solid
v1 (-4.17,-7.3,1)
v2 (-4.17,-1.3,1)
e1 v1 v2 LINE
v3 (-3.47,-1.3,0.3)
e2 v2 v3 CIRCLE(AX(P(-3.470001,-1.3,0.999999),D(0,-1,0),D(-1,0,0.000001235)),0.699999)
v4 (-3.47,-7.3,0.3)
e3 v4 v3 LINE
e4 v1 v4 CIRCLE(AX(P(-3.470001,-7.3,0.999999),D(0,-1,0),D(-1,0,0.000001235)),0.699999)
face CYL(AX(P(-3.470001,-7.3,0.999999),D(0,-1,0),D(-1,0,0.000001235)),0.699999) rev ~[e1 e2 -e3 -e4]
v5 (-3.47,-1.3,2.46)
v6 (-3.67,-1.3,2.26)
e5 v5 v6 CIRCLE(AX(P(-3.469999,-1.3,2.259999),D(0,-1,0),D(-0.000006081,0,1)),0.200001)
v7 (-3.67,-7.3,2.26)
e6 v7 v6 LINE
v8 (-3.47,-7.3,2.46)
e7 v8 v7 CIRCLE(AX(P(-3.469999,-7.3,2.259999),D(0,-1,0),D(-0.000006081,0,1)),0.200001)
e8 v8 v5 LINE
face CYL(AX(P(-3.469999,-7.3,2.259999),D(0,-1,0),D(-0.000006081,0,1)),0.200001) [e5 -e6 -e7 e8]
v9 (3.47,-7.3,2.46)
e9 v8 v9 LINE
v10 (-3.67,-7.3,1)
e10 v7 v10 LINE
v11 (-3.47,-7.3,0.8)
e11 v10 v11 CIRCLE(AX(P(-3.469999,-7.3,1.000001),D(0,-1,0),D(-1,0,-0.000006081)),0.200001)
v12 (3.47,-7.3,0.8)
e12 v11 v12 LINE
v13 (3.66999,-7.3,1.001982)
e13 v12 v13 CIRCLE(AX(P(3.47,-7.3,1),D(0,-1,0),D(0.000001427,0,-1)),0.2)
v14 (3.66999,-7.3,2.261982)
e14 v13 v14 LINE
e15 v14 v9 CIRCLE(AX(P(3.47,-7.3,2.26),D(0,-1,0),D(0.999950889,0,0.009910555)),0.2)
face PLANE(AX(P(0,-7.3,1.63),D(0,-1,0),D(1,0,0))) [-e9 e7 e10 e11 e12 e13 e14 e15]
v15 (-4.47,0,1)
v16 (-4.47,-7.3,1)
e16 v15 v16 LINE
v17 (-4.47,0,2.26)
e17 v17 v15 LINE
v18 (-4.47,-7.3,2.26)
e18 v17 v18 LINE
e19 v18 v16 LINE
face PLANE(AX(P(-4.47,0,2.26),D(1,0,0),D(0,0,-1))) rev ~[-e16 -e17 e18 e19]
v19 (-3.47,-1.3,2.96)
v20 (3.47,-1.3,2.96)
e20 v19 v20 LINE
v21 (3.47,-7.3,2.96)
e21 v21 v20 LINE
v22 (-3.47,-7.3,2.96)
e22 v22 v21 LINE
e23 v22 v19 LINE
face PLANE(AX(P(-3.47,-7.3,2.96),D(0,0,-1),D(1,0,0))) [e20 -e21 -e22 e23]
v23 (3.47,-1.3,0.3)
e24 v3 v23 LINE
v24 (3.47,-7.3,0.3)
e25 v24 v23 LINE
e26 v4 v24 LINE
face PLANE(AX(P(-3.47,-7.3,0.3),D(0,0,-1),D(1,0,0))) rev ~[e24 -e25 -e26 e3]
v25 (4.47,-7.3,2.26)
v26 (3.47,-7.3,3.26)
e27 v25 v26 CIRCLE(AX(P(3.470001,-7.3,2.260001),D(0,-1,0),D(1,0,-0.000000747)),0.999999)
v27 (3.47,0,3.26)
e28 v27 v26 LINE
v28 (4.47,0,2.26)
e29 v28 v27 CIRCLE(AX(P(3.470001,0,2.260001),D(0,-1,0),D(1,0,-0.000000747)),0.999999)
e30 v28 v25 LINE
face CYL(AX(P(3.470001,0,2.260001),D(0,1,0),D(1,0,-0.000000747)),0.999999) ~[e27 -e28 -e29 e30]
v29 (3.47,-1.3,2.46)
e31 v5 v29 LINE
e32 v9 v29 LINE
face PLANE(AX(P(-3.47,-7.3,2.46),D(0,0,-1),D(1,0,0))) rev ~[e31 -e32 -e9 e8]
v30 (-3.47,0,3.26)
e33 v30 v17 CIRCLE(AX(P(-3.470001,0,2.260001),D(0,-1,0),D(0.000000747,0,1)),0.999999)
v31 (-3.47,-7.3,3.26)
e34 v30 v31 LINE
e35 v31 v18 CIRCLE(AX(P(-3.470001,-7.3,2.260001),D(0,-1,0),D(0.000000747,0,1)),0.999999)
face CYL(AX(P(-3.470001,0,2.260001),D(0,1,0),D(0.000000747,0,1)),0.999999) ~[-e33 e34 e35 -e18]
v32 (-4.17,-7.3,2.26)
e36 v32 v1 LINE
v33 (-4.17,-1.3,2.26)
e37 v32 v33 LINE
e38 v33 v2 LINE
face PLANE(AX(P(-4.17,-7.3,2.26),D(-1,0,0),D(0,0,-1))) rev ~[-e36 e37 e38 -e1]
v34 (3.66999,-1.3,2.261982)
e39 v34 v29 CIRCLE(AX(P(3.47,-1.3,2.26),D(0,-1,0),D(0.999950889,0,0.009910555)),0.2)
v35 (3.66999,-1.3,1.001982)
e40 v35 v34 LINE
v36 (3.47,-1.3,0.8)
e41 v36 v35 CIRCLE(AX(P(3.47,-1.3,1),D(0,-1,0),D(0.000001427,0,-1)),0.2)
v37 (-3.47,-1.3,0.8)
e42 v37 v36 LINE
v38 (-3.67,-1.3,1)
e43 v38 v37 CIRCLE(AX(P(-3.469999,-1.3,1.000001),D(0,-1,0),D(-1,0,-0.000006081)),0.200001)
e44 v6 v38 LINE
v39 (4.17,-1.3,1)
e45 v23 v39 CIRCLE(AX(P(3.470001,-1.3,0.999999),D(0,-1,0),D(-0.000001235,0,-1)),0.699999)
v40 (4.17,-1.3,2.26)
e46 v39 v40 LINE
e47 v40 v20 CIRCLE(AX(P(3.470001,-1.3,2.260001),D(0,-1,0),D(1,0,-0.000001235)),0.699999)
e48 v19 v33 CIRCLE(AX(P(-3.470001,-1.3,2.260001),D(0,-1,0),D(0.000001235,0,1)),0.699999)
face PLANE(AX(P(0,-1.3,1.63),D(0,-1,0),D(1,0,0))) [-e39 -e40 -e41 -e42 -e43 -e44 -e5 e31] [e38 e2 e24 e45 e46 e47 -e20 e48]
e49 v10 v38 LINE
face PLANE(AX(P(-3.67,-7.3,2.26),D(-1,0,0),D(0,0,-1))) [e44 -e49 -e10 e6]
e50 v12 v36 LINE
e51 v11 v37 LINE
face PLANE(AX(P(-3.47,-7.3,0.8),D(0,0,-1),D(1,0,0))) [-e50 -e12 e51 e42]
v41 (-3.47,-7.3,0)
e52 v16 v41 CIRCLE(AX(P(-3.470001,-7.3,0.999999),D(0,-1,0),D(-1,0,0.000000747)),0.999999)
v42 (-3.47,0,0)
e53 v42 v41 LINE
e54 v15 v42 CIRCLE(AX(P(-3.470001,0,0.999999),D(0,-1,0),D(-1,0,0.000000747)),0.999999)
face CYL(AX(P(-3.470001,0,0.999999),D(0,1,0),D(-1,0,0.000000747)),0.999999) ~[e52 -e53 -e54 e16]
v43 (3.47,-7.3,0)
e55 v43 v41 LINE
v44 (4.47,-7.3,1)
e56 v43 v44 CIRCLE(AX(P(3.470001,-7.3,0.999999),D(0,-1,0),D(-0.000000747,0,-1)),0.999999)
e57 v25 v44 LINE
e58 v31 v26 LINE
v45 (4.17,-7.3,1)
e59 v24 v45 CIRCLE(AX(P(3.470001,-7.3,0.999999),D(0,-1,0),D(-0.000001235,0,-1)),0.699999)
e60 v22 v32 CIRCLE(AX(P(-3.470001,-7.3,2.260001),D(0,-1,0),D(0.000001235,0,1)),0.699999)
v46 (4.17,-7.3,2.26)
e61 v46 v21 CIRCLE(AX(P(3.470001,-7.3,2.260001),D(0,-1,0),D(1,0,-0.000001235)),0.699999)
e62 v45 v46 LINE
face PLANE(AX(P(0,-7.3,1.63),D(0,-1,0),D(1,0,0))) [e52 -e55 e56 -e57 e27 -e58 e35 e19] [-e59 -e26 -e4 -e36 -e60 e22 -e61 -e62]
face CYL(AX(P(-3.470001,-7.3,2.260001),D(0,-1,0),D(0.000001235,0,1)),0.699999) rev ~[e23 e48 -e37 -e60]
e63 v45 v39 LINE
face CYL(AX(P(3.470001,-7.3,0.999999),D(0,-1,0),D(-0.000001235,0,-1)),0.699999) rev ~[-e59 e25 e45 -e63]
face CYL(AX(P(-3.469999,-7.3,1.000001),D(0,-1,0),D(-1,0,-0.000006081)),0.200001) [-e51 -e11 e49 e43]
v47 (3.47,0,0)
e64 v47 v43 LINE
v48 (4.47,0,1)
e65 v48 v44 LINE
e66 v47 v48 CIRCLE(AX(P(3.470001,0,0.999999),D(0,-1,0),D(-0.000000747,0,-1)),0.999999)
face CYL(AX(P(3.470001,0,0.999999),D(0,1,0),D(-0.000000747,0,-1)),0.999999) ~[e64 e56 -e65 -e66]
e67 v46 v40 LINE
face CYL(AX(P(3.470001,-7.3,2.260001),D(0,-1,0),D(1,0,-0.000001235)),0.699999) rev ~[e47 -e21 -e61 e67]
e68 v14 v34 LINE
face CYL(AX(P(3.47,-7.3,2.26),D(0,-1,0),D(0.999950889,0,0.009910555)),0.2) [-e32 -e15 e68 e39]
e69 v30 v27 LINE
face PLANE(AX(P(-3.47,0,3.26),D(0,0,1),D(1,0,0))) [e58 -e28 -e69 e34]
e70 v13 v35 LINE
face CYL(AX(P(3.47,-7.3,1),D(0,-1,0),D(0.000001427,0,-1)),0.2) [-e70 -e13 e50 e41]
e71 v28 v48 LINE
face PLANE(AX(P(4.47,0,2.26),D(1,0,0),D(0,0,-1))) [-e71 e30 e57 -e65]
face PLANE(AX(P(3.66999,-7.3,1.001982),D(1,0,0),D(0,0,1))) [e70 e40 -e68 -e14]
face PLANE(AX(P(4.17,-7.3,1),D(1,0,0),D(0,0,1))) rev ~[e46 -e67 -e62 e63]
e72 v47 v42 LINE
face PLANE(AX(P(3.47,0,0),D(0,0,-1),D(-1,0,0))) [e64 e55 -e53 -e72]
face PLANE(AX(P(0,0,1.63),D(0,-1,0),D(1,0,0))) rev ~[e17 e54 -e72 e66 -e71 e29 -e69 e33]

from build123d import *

# Parameters (mm, degrees)
PAD_DEPTH    = 7.3
POCKET_DEPTH = 6


with BuildPart() as part:
    # Sketch → Pad (new body)
    with BuildSketch(Plane.XZ):
        with BuildLine():
            ThreePointArc((-3.47, 3.26), (-4.177107, 2.967107), (-4.47, 2.26))
            Line((-4.47, 2.26), (-4.47, 1))
            ThreePointArc((-4.47, 1), (-4.177107, 0.292893), (-3.47, 0))
            Line((3.47, 0), (-3.47, 0))
            ThreePointArc((3.47, 0), (4.177107, 0.292893), (4.47, 1))
            Line((4.47, 2.26), (4.47, 1))
            ThreePointArc((4.47, 2.26), (4.177107, 2.967107), (3.47, 3.26))
            Line((-3.47, 3.26), (3.47, 3.26))
        make_face()
    extrude(amount=PAD_DEPTH)

    # Sketch001 (on Face10 of Pad) → Pocket (cut)
    with BuildSketch(Plane.XZ.offset(7.3)):
        with BuildLine():
            ThreePointArc((-3.47, 2.96), (-3.964975, 2.754975), (-4.17, 2.26))
            Line((-4.17, 2.26), (-4.17, 1))
            ThreePointArc((-4.17, 1), (-3.964975, 0.505025), (-3.47, 0.3))
            Line((-3.47, 0.3), (3.47, 0.3))
            ThreePointArc((3.47, 0.3), (3.964975, 0.505025), (4.17, 1))
            Line((4.17, 1), (4.17, 2.26))
            ThreePointArc((4.17, 2.26), (3.964975, 2.754975), (3.47, 2.96))
            Line((-3.47, 2.96), (3.47, 2.96))
        make_face()
        with BuildLine():
            ThreePointArc((-3.47, 2.46), (-3.611421, 2.401421), (-3.67, 2.26))
            Line((-3.67, 2.26), (-3.67, 1))
            ThreePointArc((-3.67, 1), (-3.611421, 0.858579), (-3.47, 0.8))
            Line((-3.47, 0.8), (3.47, 0.8))
            ThreePointArc((3.47, 0.8), (3.61212, 0.859281), (3.66999, 1.001982))
            Line((3.66999, 1.001982), (3.66999, 2.261982))
            ThreePointArc((3.66999, 2.261982), (3.610719, 2.40212), (3.47, 2.46))
            Line((-3.47, 2.46), (3.47, 2.46))
        make_face(mode=Mode.SUBTRACT)
    extrude(amount=-POCKET_DEPTH, mode=Mode.SUBTRACT)


solid = part.part
